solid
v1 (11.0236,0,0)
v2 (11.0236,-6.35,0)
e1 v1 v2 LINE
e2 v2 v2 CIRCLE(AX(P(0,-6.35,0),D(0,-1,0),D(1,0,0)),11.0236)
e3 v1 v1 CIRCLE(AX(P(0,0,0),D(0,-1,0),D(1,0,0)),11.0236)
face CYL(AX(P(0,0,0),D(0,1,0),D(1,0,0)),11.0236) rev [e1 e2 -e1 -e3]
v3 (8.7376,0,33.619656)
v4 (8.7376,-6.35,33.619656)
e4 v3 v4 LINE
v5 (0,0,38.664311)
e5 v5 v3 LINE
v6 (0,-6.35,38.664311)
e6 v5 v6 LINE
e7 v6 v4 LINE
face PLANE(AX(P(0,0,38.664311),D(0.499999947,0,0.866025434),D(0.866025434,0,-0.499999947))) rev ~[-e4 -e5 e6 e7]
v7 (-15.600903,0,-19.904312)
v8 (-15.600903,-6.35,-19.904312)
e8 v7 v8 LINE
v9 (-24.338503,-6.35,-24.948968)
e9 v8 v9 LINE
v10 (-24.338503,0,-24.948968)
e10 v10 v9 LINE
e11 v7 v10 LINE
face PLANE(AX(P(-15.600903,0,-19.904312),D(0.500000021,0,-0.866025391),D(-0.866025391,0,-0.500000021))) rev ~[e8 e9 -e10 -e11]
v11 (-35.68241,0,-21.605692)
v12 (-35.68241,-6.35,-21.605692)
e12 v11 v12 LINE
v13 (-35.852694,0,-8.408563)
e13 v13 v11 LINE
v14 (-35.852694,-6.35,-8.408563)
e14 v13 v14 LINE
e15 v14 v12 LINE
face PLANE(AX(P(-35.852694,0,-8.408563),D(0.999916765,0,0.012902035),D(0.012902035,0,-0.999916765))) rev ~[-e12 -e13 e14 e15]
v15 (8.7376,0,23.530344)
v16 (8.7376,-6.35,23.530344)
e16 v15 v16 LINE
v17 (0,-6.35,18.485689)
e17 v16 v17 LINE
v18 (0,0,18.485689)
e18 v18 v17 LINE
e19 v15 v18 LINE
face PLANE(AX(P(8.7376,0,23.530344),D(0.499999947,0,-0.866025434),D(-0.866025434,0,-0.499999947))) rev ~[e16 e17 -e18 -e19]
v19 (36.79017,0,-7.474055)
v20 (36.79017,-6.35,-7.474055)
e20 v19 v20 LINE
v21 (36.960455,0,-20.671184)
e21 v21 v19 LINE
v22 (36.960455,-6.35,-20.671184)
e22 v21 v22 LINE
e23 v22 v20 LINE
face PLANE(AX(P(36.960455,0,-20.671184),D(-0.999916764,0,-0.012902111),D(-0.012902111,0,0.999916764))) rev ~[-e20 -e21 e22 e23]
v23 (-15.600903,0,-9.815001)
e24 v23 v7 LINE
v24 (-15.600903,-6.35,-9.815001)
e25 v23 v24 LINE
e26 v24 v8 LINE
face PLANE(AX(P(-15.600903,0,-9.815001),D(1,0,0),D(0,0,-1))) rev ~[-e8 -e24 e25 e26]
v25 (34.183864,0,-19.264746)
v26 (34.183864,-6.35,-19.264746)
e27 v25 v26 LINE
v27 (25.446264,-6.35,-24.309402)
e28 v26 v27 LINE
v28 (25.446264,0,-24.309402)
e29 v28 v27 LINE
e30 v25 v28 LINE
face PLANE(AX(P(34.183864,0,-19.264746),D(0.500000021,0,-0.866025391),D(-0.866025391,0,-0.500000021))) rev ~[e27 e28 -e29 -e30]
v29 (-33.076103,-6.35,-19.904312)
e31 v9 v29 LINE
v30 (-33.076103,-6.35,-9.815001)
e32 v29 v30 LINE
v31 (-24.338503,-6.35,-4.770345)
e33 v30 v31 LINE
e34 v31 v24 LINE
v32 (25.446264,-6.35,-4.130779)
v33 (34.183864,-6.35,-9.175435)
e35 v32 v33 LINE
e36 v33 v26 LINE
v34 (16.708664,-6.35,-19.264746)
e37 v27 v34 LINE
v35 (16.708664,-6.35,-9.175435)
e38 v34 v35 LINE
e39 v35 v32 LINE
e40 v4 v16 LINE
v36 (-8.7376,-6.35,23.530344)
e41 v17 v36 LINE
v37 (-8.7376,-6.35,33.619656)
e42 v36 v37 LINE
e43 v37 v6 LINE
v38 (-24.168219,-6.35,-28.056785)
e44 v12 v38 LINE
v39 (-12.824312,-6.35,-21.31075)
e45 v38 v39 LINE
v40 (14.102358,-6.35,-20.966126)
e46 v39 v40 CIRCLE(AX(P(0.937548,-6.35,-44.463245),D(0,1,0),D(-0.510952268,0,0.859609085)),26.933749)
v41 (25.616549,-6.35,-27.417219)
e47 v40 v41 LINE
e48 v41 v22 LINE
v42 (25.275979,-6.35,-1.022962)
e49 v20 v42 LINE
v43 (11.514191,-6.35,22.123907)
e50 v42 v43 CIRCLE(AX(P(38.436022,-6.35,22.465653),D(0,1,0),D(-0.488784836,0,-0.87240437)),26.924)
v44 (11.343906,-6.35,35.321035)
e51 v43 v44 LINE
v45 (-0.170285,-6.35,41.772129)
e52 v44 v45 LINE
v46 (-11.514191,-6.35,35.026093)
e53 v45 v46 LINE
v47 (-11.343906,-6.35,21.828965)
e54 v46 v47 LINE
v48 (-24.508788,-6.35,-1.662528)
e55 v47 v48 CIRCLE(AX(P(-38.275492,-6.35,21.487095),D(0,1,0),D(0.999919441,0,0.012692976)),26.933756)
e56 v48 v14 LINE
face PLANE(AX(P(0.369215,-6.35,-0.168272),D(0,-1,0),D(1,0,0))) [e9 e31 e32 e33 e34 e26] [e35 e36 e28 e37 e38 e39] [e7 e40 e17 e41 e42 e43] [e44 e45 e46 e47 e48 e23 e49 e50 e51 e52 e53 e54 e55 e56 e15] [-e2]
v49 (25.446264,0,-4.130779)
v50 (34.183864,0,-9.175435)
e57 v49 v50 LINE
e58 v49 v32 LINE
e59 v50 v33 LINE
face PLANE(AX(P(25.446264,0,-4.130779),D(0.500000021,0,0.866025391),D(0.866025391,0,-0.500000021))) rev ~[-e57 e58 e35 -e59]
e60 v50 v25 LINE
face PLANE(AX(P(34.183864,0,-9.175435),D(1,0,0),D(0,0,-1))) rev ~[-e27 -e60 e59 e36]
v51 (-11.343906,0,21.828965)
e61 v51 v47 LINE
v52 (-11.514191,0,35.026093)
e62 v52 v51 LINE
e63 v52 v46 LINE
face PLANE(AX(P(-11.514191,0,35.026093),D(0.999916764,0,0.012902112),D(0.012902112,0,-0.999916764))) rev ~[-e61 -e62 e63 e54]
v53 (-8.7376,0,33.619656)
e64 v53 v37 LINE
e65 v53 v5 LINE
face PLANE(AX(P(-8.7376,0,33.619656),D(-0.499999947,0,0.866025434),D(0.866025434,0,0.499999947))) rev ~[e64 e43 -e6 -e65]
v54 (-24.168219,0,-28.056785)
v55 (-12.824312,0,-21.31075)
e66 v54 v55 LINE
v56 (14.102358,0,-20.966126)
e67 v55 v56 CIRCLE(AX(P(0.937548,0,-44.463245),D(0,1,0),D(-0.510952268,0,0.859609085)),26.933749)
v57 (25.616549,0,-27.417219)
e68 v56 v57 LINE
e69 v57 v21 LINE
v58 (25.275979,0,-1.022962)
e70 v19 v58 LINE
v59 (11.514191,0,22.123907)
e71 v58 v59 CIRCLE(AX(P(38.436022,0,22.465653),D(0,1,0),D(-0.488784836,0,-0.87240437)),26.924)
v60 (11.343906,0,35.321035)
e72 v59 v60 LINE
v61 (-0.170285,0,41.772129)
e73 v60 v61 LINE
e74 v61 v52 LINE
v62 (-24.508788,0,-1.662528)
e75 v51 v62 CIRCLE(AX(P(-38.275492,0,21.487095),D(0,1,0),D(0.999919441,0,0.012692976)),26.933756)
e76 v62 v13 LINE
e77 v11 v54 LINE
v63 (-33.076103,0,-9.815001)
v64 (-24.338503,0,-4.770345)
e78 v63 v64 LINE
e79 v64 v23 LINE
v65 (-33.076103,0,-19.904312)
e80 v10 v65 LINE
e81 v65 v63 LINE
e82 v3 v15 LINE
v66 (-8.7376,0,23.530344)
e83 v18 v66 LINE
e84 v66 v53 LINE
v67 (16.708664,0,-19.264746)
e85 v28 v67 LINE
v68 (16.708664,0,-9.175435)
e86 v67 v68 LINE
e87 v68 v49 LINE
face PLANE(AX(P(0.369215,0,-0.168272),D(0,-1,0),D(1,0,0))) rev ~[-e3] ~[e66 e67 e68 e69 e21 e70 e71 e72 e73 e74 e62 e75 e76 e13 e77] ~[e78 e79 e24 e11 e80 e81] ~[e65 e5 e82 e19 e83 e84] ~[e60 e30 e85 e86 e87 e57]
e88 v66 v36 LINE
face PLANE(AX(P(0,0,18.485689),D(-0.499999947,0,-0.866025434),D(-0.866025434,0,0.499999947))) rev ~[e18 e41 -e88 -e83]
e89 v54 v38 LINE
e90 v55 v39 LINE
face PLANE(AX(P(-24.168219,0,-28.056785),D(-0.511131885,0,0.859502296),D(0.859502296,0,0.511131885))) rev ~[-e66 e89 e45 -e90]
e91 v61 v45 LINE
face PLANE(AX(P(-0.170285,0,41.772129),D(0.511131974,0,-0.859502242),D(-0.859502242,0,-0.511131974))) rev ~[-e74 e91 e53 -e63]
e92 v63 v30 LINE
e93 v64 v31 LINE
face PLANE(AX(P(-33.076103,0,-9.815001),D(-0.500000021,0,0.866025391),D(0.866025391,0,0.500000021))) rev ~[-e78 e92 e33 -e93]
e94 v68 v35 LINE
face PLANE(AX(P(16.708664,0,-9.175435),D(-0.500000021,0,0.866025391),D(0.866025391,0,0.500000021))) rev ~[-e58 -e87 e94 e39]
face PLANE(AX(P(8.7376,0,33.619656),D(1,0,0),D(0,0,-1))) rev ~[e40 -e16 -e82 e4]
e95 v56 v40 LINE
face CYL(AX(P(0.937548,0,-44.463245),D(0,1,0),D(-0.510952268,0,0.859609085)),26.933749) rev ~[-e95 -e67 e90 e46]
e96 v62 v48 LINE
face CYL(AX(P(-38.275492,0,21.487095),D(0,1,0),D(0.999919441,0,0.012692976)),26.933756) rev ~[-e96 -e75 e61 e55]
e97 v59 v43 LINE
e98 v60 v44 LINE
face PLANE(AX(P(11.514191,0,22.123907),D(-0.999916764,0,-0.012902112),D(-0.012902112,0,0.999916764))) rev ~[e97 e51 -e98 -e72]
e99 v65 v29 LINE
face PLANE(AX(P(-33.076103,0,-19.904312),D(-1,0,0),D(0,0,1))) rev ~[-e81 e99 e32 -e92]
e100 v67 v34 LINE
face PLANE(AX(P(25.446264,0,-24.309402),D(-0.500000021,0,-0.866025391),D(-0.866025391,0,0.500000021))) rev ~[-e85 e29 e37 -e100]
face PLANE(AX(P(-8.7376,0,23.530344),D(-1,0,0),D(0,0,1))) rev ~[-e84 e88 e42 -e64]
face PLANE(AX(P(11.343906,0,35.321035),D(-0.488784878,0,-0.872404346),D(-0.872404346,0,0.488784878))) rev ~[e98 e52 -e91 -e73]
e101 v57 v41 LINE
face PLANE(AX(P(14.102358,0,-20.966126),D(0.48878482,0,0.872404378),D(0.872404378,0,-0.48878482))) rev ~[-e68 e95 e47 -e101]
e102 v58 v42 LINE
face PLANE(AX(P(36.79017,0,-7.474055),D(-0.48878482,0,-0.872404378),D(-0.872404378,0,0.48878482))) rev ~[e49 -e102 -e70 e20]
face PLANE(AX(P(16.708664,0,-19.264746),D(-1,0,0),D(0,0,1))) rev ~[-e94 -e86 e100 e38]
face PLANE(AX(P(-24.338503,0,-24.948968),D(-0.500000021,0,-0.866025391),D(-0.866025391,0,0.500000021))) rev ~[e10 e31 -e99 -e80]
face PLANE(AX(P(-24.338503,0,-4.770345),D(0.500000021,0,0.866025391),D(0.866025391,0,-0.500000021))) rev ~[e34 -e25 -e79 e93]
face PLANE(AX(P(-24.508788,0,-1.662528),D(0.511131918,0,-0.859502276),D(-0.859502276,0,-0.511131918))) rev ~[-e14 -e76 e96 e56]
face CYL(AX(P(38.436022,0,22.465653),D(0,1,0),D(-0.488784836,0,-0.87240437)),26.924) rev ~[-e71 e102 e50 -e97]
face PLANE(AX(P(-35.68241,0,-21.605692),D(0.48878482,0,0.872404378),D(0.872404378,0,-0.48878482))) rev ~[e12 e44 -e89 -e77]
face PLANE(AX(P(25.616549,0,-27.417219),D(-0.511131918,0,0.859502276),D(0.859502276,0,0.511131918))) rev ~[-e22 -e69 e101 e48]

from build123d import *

# Parameters (mm, degrees)
F0_R     = 14.2875
F0_R_2   = 11.0236
F1_DEPTH = 6.35


with BuildPart() as f1:
    # F0 (on Front) → F1 (new body)
    with BuildSketch(Plane.XZ):
        with BuildLine():
            ThreePointArc((25.275979, -1.022962), (15.293344, 8.706357), (11.514191, 22.123907))
            Line((11.514191, 22.123907), (0.170285, 15.377871))
            Line((0.170285, 15.377871), (-11.343906, 21.828965))
            ThreePointArc((-11.343906, 21.828965), (-14.779742, 8.319828), (-24.508788, -1.662528))
            Line((-24.508788, -1.662528), (-12.994597, -8.113621))
            Line((-12.994597, -8.113621), (-12.824312, -21.31075))
            ThreePointArc((-12.824312, -21.31075), (0.592862, -17.531702), (14.102358, -20.966126))
            Line((14.102358, -20.966126), (13.932073, -7.768997))
            Line((13.932073, -7.768997), (25.275979, -1.022962))
        make_face()
        Circle(F0_R, mode=Mode.SUBTRACT)
        Polygon((0.170285, 15.377871), (11.514191, 22.123907), (11.343906, 35.321035), (-0.170285, 41.772129), (-11.514191, 35.026093), (-11.343906, 21.828965), align=None)
        Polygon((0, 38.664311), (8.7376, 33.619656), (8.7376, 23.530344), (0, 18.485689), (-8.7376, 23.530344), (-8.7376, 33.619656), align=None, mode=Mode.SUBTRACT)
        Polygon((36.79017, -7.474055), (25.275979, -1.022962), (13.932073, -7.768997), (14.102358, -20.966126), (25.616549, -27.417219), (36.960455, -20.671184), align=None)
        Polygon((25.446264, -4.130779), (34.183864, -9.175435), (34.183864, -19.264746), (25.446264, -24.309402), (16.708664, -19.264746), (16.708664, -9.175435), align=None, mode=Mode.SUBTRACT)
        Polygon((-12.994597, -8.113621), (-24.508788, -1.662528), (-35.852694, -8.408563), (-35.68241, -21.605692), (-24.168219, -28.056785), (-12.824312, -21.31075), align=None)
        Polygon((-15.600903, -19.904312), (-24.338503, -24.948968), (-33.076103, -19.904312), (-33.076103, -9.815001), (-24.338503, -4.770345), (-15.600903, -9.815001), align=None, mode=Mode.SUBTRACT)
        Circle(F0_R)
        Circle(F0_R_2, mode=Mode.SUBTRACT)
    extrude(amount=F1_DEPTH)


solid = f1.part
